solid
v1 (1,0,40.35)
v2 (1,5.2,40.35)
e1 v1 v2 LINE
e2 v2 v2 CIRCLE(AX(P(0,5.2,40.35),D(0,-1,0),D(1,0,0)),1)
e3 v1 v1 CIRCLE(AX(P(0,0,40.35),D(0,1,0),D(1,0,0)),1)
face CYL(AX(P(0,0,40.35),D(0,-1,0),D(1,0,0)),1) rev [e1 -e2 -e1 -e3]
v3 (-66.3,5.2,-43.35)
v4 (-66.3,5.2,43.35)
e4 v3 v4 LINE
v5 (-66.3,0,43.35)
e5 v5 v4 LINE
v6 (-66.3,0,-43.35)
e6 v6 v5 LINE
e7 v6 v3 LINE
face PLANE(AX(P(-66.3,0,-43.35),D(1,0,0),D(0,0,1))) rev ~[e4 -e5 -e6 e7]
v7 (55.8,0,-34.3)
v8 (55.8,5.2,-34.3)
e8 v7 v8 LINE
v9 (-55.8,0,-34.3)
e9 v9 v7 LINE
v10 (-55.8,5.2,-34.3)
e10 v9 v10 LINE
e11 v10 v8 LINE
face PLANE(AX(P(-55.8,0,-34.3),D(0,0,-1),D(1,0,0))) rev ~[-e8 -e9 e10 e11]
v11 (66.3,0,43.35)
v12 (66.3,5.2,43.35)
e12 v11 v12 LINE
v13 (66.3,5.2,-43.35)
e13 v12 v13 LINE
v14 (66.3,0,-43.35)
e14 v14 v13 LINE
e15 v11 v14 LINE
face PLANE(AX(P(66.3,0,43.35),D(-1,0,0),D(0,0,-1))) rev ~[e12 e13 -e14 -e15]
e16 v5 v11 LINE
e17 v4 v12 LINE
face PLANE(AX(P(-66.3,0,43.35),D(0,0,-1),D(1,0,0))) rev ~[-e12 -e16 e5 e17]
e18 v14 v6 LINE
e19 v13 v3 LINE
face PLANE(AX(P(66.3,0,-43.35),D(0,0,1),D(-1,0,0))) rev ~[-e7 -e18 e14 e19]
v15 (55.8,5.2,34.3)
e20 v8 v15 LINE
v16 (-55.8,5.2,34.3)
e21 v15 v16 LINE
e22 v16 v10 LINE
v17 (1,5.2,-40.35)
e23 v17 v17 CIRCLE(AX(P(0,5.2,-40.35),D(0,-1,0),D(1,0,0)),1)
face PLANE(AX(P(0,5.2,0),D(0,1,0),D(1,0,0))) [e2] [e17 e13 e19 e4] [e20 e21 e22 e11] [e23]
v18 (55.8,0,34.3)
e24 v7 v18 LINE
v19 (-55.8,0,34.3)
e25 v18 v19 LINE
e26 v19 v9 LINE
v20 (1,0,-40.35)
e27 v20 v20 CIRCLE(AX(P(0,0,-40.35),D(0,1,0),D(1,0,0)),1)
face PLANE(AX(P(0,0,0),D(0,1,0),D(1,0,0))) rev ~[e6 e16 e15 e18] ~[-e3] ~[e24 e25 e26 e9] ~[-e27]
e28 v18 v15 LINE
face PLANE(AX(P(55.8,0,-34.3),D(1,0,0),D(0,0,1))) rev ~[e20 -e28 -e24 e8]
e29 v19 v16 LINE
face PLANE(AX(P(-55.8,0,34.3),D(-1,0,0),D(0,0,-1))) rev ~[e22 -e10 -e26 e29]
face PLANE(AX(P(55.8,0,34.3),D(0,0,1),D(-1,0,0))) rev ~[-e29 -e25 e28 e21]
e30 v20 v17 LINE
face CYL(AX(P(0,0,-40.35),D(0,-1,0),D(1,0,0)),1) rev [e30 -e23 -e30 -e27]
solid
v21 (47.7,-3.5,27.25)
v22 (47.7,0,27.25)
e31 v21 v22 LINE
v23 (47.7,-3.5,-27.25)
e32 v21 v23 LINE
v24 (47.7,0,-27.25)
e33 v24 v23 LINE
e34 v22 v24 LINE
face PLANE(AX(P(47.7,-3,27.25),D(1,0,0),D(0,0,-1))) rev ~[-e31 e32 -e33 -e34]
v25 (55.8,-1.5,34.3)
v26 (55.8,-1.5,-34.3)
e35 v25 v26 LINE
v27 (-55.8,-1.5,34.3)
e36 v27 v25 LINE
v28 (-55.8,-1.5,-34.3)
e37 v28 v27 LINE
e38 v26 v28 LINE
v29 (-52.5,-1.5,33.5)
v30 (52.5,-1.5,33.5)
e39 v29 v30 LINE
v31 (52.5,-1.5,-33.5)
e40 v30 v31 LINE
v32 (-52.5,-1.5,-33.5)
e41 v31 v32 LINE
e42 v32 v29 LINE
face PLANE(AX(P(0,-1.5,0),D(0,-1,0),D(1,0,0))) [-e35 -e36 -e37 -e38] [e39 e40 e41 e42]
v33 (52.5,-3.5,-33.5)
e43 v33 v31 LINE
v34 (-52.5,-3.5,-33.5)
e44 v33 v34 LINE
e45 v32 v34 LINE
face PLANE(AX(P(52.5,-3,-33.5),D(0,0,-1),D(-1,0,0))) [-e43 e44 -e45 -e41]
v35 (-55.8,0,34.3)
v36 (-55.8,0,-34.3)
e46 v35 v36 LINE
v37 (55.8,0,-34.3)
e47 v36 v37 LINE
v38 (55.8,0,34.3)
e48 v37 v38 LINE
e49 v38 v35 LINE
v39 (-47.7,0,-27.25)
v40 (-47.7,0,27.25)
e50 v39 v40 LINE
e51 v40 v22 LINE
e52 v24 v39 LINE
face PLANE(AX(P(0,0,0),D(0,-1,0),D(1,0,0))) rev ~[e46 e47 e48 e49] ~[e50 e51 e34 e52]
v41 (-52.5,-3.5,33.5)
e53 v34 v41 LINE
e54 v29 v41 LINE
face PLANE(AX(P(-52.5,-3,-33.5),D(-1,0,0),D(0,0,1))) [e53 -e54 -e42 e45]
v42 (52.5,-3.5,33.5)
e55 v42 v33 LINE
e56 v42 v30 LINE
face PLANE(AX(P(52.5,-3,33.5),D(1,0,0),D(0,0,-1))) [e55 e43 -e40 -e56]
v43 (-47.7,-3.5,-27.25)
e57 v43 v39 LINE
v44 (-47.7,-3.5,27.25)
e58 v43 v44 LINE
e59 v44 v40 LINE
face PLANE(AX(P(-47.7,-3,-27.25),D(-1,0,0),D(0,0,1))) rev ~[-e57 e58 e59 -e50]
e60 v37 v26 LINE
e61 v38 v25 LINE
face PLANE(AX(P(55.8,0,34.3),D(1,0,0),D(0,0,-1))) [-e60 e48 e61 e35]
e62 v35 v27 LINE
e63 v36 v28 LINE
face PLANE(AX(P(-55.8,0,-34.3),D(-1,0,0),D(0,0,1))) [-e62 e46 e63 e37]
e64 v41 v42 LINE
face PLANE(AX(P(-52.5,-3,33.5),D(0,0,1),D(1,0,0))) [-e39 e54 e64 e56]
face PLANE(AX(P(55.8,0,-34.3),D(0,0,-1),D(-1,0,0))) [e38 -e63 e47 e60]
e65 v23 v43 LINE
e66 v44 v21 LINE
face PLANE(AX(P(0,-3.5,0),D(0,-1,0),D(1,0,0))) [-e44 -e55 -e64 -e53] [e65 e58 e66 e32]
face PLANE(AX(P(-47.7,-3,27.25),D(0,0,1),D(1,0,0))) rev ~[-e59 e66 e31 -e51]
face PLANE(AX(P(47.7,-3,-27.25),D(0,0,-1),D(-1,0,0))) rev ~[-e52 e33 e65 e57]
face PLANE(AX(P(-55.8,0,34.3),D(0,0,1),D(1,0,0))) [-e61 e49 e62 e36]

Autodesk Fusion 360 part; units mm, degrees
sketch "Sketch1" plane through (0, 0, 0) normal (0, 1, 0) x (1, 0, 0)
  line L0 (55.8, -34.3) -> (-55.8, -34.3)
  line L1 (-55.8, -34.3) -> (-55.8, 34.3)
  line L2 (-55.8, 34.3) -> (55.8, 34.3)
  line L3 (55.8, 34.3) -> (55.8, -34.3)
  line L4 (55.8, -34.3) -> (-55.8, 34.3) construction
  line L5 (-55.8, -34.3) -> (55.8, 34.3) construction
  line L6 (-66.3, -43.35) -> (66.3, -43.35)
  line L7 (66.3, -43.35) -> (66.3, 43.35)
  line L8 (66.3, 43.35) -> (-66.3, 43.35)
  line L9 (-66.3, 43.35) -> (-66.3, -43.35)
  line L10 (-66.3, -43.35) -> (66.3, 43.35) construction
  line L11 (66.3, -43.35) -> (-66.3, 43.35) construction
  circle A0 centre (0, -40.35) radius 1
  circle A1 centre (0, 40.35) radius 1
  point P0 (0, 40.35)
  dimension "d1" = 111.6
  dimension "d2" = 68.6
  dimension "d3" = 132.6
  dimension "d4" = 86.7
  dimension "d12" = 2
  dimension "d13" = 2
extrude "Extrude1" add sketch "Sketch1" along normal blind 5.2 contours L6 L7 L8 L9 | A0 | A1
extrude "Extrude3" cut sketch "Sketch1" along normal blind 20 contours A0 | A1
sketch "Sketch2" plane through (0, 0, 0) normal (0, -1, 0) x (1, 0, 0)
  circle A0 centre (0, -40.35) radius 1
  circle A1 centre (0, 40.35) radius 1
  line L0 (55.8, -34.3) -> (-55.8, -34.3)
  line L1 (-55.8, -34.3) -> (-55.8, 34.3)
  line L2 (-55.8, 34.3) -> (55.8, 34.3)
  line L3 (55.8, 34.3) -> (55.8, -34.3)
  line L4 (-66.3, 43.35) -> (-66.3, -43.35)
  line L5 (-66.3, -43.35) -> (66.3, -43.35)
  line L6 (66.3, -43.35) -> (66.3, 43.35)
  line L7 (66.3, 43.35) -> (-66.3, 43.35)
  line L8 (-47.7, 27.25) -> (47.7, 27.25)
  line L9 (47.7, 27.25) -> (47.7, -27.25)
  line L10 (47.7, -27.25) -> (-47.7, -27.25)
  line L11 (-47.7, -27.25) -> (-47.7, 27.25)
  line L12 (-47.7, 27.25) -> (47.7, -27.25) construction
  line L13 (47.7, 27.25) -> (-47.7, -27.25) construction
  dimension "d16" = 95.4
  dimension "d17" = 54.5
extrude "Extrude4" add sketch "Sketch2" along normal blind 3 contours L0 L1 L2 L3
sketch "Sketch3" plane through (0, 0, 0) normal (0, 1, 0) x (1, 0, 0)
sketch "Sketch4" plane through (0, -3, 0) normal (0, -1, 0) x (1, 0, 0)
  line L0 (47.7, -27.25) -> (-47.7, -27.25)
  line L1 (-47.7, -27.25) -> (-47.7, 27.25)
  line L2 (-47.7, 27.25) -> (47.7, 27.25)
  line L3 (47.7, 27.25) -> (47.7, -27.25)
  line L4 (55.8, 34.3) -> (-55.8, 34.3)
  line L5 (-55.8, 34.3) -> (-55.8, -34.3)
  line L6 (-55.8, -34.3) -> (55.8, -34.3)
  line L7 (55.8, -34.3) -> (55.8, 34.3)
  line L8 (-52.5, 33.5) -> (52.5, 33.5)
  line L9 (52.5, 33.5) -> (52.5, -33.5)
  line L10 (52.5, -33.5) -> (-52.5, -33.5)
  line L11 (-52.5, -33.5) -> (-52.5, 33.5)
  line L12 (-52.5, 33.5) -> (52.5, -33.5) construction
  line L13 (52.5, 33.5) -> (-52.5, -33.5) construction
  dimension "d20" = 105
  dimension "d21" = 67
extrude "Extrude5" cut 1 faces at (53.1, -3, -9.0833) along direction (0, 1, 0) blind 1.5
sketch "Sketch5" plane through (0, -1.5, 0) normal (0, -1, 0) x (1, 0, 0)
  line L0 (47.7, -27.25) -> (-47.7, -27.25)
  line L1 (-47.7, -27.25) -> (-47.7, 27.25)
  line L2 (-47.7, 27.25) -> (47.7, 27.25)
  line L3 (47.7, 27.25) -> (47.7, -27.25)
  line L4 (55.8, 34.3) -> (-55.8, 34.3)
  line L5 (-55.8, 34.3) -> (-55.8, -34.3)
  line L6 (-55.8, -34.3) -> (55.8, -34.3)
  line L7 (55.8, -34.3) -> (55.8, 34.3)
  line L8 (52.5, 33.5) -> (-52.5, 33.5)
  line L9 (-52.5, 33.5) -> (-52.5, -33.5)
  line L10 (-52.5, -33.5) -> (52.5, -33.5)
  line L11 (52.5, -33.5) -> (52.5, 33.5)
  line L12 (52.5, 33.5) -> (-52.5, -33.5) construction
  line L13 (-52.5, 33.5) -> (52.5, -33.5) construction
  dimension "d24" = 105
  dimension "d25" = 67
extrude "Extrude6" add sketch "Sketch4" against normal blind 2 contours L8 L9 L10 L11
extrude "Extrude8" add 1 faces at (15.9, -3, -31.4167) along direction (0, -1, 0) blind 0.5
